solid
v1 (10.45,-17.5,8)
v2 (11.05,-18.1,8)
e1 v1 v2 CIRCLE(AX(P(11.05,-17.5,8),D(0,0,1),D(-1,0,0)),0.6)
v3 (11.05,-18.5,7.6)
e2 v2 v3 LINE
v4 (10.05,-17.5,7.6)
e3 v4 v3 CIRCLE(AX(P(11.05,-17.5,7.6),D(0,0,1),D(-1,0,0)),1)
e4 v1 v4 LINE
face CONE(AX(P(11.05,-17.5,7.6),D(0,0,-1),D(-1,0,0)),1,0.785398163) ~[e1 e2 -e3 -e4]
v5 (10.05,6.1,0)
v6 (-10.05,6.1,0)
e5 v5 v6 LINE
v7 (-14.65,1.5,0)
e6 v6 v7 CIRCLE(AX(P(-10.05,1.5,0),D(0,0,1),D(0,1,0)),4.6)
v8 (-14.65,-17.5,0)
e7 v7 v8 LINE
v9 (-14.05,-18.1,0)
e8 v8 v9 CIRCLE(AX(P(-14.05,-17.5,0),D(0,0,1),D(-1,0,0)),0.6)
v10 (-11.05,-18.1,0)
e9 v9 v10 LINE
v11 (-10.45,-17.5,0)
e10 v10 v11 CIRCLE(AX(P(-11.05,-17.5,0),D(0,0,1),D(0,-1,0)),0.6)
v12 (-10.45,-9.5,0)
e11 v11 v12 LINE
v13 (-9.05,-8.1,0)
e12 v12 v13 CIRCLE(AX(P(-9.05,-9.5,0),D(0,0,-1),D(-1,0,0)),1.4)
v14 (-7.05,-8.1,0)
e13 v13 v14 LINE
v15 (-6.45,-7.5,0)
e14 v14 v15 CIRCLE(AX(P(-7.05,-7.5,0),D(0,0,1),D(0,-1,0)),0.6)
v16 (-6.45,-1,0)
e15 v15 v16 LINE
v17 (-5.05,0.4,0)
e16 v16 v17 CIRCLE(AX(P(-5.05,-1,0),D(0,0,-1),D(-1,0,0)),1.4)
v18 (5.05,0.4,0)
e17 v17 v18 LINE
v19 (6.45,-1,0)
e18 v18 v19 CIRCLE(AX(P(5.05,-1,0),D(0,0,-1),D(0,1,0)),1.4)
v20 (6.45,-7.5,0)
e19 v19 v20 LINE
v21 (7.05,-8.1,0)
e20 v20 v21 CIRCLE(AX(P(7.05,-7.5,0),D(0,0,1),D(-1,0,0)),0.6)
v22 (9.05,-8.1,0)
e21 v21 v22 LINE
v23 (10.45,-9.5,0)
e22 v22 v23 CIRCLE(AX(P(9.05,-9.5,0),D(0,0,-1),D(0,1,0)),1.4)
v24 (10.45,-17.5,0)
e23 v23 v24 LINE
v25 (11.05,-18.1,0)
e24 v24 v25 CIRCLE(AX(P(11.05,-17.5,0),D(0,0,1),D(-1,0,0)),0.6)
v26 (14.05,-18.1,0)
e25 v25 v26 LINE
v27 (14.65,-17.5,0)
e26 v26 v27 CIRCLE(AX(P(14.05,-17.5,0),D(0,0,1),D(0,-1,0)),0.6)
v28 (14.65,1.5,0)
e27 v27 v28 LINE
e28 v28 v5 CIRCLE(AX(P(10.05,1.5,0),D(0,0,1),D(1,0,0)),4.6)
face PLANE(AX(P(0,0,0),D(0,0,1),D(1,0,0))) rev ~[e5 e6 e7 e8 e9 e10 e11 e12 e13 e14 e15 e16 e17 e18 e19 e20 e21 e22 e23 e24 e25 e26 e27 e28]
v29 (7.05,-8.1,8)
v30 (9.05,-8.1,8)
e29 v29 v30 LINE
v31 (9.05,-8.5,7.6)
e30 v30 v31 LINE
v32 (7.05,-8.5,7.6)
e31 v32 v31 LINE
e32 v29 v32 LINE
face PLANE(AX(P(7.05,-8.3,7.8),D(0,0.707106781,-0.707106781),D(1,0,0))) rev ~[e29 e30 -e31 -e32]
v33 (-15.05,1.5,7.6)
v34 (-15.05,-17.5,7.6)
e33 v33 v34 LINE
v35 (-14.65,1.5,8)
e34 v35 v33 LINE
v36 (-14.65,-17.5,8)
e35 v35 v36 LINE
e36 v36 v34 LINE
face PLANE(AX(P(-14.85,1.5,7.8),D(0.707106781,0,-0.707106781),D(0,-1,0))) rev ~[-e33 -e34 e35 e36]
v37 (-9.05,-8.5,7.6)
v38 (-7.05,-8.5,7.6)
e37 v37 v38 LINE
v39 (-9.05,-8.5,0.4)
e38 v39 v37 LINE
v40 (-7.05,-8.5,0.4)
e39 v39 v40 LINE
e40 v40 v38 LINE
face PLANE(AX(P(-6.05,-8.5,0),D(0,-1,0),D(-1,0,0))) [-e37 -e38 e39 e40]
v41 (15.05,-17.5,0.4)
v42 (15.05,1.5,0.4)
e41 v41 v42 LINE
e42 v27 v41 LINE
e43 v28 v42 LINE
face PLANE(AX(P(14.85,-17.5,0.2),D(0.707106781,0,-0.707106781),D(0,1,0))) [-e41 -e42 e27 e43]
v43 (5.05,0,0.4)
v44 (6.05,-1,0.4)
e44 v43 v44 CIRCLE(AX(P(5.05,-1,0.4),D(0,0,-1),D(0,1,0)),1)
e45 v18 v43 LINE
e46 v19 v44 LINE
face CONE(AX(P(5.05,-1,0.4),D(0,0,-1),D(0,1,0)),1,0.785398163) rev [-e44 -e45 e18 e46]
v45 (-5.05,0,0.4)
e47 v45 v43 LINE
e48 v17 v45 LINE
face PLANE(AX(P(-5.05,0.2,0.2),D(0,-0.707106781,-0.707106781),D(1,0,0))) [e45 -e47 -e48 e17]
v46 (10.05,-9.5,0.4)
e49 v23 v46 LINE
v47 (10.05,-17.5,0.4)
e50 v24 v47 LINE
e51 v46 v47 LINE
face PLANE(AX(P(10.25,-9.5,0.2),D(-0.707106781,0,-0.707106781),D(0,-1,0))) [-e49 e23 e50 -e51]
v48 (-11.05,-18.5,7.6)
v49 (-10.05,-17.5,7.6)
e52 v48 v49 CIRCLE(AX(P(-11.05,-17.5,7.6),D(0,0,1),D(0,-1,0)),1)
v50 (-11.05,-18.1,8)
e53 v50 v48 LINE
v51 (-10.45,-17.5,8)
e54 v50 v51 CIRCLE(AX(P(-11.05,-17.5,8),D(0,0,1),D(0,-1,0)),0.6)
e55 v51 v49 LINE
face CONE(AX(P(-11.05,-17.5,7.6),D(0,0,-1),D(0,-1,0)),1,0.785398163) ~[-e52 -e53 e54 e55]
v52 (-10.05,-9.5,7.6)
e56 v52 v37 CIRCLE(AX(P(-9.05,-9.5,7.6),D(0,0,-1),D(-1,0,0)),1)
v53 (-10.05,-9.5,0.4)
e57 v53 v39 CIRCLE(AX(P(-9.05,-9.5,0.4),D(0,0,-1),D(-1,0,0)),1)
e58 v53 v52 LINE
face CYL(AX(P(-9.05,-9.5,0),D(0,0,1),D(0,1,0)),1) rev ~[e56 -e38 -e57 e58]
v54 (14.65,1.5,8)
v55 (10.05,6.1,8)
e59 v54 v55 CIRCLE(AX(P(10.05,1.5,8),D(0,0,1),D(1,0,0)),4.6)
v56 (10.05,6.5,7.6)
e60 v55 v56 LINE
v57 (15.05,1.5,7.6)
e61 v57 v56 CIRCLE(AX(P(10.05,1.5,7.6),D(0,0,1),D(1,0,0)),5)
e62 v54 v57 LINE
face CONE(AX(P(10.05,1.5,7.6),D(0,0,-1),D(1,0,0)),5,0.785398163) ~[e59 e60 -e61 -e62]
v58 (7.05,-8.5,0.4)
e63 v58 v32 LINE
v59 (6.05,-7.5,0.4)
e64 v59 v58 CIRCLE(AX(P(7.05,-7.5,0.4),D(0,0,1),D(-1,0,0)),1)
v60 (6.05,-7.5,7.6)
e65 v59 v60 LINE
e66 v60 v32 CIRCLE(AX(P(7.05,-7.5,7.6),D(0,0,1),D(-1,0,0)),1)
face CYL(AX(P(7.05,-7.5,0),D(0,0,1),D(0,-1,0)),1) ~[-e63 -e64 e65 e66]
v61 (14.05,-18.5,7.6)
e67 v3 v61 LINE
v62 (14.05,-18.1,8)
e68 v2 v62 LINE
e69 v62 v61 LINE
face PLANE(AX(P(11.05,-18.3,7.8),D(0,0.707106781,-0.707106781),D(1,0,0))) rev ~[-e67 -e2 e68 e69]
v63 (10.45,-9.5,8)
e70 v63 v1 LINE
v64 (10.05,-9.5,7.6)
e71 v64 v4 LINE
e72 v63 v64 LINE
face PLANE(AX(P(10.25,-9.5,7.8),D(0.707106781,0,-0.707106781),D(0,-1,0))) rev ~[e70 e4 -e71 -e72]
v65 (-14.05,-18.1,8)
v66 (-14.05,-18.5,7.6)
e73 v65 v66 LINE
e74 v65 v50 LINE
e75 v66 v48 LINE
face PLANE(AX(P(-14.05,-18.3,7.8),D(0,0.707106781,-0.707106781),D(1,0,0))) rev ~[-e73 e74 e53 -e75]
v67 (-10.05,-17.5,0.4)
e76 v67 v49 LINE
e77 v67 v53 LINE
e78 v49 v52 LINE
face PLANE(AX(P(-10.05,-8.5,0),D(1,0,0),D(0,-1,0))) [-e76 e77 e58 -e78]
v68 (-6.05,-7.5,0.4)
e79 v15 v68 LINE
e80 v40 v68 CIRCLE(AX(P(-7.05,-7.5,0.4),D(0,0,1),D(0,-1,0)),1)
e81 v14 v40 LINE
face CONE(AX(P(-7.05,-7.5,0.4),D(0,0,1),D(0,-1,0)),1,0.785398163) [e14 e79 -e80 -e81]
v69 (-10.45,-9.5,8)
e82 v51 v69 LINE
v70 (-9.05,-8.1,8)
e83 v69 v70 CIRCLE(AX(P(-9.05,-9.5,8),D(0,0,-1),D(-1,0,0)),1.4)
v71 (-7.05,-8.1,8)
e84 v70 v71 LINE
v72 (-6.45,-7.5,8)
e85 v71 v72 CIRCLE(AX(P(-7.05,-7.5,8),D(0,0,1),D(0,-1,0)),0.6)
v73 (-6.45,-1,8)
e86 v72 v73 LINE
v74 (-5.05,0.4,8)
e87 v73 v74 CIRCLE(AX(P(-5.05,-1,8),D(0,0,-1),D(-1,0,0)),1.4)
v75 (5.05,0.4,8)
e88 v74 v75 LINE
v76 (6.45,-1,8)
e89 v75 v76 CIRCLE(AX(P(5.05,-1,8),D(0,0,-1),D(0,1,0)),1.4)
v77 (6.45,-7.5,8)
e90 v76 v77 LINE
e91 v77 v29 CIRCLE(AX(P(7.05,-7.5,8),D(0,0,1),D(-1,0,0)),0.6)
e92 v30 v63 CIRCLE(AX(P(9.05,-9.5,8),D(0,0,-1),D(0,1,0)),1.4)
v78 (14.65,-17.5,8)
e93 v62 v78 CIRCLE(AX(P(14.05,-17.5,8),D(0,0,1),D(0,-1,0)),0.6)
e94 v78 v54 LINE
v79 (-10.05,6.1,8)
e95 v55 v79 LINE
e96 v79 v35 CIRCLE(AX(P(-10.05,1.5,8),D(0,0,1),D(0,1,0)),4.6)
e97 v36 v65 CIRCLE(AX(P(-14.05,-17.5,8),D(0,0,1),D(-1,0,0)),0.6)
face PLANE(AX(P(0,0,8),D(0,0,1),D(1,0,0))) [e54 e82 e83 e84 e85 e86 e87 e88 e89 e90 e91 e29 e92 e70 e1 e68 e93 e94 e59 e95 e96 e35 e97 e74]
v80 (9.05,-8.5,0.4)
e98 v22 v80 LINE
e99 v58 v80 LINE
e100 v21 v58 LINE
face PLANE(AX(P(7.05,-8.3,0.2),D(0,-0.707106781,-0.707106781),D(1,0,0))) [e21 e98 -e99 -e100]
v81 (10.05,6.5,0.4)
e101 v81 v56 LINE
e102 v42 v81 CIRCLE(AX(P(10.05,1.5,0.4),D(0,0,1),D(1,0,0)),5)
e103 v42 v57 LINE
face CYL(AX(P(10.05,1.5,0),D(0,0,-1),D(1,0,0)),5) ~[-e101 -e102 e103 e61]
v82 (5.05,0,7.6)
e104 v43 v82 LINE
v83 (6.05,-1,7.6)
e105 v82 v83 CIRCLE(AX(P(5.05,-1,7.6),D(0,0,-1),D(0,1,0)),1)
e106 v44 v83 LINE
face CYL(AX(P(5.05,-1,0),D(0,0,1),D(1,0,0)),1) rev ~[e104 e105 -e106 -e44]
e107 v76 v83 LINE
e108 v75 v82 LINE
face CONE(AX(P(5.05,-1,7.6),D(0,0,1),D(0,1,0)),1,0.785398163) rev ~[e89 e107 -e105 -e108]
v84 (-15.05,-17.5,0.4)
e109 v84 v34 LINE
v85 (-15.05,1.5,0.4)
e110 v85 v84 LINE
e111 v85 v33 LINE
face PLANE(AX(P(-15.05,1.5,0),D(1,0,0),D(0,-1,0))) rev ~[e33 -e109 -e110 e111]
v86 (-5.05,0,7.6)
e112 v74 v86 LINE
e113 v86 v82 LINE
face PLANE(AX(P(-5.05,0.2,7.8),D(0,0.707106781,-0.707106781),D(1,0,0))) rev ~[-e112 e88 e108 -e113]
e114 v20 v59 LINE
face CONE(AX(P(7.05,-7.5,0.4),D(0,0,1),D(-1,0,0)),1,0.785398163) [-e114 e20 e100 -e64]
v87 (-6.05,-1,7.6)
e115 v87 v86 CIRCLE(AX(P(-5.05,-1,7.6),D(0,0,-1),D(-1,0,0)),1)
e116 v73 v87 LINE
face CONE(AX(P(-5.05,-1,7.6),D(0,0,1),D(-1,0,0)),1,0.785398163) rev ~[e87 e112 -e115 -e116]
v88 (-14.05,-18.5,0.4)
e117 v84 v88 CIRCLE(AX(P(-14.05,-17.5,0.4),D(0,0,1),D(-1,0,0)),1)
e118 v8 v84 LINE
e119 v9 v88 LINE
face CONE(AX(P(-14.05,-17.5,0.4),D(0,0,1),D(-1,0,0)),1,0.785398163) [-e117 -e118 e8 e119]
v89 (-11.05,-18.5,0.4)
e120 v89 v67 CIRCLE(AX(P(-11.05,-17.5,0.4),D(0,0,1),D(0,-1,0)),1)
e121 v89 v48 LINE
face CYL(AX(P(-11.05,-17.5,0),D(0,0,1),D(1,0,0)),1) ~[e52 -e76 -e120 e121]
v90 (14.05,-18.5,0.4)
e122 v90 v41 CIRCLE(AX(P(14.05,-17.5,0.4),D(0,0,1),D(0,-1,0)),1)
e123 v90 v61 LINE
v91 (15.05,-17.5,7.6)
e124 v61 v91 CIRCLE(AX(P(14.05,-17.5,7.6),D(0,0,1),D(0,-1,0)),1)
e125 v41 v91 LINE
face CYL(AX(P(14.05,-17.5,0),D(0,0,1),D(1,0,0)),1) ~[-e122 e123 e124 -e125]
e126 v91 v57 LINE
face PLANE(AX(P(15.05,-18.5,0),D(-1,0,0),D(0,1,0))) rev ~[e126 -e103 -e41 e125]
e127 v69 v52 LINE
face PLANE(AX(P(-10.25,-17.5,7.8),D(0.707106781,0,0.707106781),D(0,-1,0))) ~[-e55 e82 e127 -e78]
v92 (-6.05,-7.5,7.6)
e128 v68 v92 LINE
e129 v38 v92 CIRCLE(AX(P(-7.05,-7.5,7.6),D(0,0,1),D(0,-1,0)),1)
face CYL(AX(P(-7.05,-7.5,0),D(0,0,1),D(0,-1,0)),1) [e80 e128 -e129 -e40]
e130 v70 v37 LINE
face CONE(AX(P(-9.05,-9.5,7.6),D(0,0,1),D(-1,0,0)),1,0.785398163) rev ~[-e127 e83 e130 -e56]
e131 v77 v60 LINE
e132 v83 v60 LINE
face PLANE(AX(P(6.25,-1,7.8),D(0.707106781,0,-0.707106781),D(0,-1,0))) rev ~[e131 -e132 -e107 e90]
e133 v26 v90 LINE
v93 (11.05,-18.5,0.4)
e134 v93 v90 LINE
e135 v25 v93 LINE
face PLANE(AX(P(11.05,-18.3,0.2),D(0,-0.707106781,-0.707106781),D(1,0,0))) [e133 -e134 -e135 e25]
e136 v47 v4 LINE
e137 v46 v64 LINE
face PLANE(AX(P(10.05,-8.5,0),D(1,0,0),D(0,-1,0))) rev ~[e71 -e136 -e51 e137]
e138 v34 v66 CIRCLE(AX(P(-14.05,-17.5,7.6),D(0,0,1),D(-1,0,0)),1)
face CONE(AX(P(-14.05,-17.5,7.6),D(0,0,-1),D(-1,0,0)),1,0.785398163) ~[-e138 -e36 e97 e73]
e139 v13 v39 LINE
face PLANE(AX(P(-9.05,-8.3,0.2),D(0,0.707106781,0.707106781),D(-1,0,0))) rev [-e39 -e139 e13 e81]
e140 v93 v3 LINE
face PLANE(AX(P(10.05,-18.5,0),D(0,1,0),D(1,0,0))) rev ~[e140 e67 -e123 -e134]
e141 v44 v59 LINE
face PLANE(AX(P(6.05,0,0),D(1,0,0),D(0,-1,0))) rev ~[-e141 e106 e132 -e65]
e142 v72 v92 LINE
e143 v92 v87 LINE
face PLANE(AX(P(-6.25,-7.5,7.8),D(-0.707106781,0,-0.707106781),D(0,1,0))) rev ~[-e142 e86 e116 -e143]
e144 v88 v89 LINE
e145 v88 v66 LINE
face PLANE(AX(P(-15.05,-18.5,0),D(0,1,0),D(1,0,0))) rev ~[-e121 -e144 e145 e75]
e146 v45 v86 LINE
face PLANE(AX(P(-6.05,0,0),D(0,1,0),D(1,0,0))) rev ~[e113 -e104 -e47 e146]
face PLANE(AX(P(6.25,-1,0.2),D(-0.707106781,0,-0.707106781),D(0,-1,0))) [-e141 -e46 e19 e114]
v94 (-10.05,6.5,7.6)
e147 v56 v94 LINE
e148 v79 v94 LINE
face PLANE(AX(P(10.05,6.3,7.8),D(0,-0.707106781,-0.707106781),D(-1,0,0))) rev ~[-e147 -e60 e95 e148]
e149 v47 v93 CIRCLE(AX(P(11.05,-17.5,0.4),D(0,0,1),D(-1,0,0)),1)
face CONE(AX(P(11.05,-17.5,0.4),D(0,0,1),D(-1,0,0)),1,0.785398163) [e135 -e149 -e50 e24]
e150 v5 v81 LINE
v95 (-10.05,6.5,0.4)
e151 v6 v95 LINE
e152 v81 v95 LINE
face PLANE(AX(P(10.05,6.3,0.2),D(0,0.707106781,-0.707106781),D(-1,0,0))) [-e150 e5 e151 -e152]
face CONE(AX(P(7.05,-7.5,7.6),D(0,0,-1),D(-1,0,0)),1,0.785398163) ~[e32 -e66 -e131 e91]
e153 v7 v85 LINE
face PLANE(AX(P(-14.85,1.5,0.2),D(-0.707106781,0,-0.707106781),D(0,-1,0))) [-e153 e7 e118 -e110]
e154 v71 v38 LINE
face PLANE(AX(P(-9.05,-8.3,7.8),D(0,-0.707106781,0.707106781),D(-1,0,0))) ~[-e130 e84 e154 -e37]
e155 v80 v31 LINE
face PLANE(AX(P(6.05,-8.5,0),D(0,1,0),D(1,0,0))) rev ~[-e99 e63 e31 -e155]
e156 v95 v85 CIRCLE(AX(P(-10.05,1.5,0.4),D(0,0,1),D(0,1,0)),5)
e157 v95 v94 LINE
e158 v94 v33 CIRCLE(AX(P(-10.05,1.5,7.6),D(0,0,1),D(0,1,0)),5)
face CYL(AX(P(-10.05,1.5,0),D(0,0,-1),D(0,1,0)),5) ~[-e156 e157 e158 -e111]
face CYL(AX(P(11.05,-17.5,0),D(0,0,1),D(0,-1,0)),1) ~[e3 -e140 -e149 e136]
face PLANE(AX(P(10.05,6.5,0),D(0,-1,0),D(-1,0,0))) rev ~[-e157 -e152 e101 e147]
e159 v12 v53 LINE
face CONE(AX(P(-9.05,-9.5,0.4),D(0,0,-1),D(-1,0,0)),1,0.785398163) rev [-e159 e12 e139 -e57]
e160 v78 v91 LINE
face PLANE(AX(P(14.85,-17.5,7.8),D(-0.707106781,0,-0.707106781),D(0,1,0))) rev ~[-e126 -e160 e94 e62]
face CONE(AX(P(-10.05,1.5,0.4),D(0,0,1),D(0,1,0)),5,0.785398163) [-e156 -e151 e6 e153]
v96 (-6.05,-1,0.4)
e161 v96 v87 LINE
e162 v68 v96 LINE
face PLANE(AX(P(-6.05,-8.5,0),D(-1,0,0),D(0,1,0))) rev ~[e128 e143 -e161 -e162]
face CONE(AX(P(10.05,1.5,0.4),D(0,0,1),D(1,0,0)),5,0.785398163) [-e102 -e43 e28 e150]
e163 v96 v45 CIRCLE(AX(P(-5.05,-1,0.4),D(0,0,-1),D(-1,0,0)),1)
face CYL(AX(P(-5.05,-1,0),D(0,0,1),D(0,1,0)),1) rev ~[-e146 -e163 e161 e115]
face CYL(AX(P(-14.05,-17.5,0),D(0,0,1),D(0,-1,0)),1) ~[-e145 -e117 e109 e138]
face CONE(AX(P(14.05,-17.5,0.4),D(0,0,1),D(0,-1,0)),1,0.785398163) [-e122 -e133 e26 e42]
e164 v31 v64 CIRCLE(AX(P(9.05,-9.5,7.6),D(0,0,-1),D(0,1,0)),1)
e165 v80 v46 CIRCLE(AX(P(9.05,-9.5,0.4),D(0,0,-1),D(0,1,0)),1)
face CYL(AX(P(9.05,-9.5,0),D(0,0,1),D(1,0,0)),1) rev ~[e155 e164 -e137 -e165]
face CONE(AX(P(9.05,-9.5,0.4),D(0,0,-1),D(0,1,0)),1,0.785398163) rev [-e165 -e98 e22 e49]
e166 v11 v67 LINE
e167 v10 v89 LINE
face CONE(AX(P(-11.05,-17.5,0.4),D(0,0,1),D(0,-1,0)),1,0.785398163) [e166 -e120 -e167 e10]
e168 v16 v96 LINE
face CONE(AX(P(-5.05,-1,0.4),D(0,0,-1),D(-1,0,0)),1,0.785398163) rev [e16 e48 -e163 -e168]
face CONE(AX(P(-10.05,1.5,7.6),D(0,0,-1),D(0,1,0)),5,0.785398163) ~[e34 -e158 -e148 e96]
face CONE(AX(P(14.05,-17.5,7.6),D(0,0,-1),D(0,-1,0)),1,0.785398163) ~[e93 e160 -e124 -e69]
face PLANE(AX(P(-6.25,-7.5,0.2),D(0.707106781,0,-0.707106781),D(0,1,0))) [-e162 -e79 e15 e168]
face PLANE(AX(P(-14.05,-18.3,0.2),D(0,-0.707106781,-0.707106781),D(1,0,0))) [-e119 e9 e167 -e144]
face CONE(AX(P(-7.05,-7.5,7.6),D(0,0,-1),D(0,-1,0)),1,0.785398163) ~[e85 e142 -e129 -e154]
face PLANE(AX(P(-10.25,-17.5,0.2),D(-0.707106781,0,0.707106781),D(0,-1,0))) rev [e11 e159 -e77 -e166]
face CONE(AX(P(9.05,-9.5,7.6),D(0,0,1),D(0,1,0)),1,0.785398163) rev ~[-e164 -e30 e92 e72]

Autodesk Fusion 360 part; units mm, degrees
sketch "Sketch1" plane through (0, 0, 0) normal (0, 0, 1) x (1, 0, 0)
  line L0 (-6.05, -8.5) -> (-6.05, 0)
  line L1 (-6.05, 0) -> (6.05, 0)
  line L2 (6.05, 0) -> (6.05, -8.5)
  line L3 (6.05, -8.5) -> (10.05, -8.5)
  line L4 (10.05, -8.5) -> (10.05, -18.5)
  line L5 (-6.05, -8.5) -> (-10.05, -8.5)
  line L6 (-10.05, -8.5) -> (-10.05, -18.5)
  line L7 (10.05, -18.5) -> (15.05, -18.5)
  line L8 (15.05, -18.5) -> (15.05, 6.5)
  line L9 (15.05, 6.5) -> (-15.05, 6.5)
  line L10 (-15.05, 6.5) -> (-15.05, -18.5)
  line L11 (-15.05, -18.5) -> (-10.05, -18.5)
  arc A0 (-10.05, 6.5) -> (-15.05, 1.5) centre (-10.05, 1.5) ccw
  arc A1 (15.05, 1.5) -> (10.05, 6.5) centre (10.05, 1.5) ccw
  line L12 (-10.05, -18.5) -> (10.05, -18.5) construction
  point P0 (0, -18.5)
  dimension "d1" = 12.1
  dimension "d2" = 8.5
  dimension "d3" = 20.1
  dimension "d4" = 10
  dimension "d5" = 5
  dimension "d6" = 25
  dimension "d7" = 5
  dimension "d8" = 5
extrude "Extrude1" add sketch "Sketch1" along normal blind 8 contours L0 L1 L2 L3 L4 L5 L6 L7 L8 L9 L10 L11 A0 A1
fillet "Fillet1" radius 1 10 edges at (6.05, 0, 4) (-6.05, 0, 4) (-6.05, -8.5, 4) (-10.05, -8.5, 4) (-10.05, -18.5, 4) (-15.05, -18.5, 4) (6.05, -8.5, 4) (10.05, -8.5, 4) (10.05, -18.5, 4) (15.05, -18.5, 4)
chamfer "Chamfer1" distance 0.4 angle 45 48 edges at (12.55, -18.5, 0) (14.7571, -18.2071, 0) (15.05, -8, 0) (13.5855, 5.0355, 0) (0, 6.5, 0) (-13.5855, 5.0355, 0) (-15.05, -8, 0) (-14.7571, -18.2071, 0) (-12.55, -18.5, 0) (-10.3429, -18.2071, 0) (-10.05, -13.5, 0) (-9.7571, -8.7929, 0) (-8.05, -8.5, 0) (-6.3429, -8.2071, 0) (-6.05, -4.25, 0) (-5.7571, -0.2929, 0) (0, 0, 0) (5.7571, -0.2929, 0) (6.05, -4.25, 0) (6.3429, -8.2071, 0) (8.05, -8.5, 0) (9.7571, -8.7929, 0) (10.05, -13.5, 0) (10.3429, -18.2071, 0) (12.55, -18.5, 8) (14.7571, -18.2071, 8) (15.05, -8, 8) (13.5855, 5.0355, 8) (0, 6.5, 8) (-13.5855, 5.0355, 8) (-15.05, -8, 8) (-14.7571, -18.2071, 8) (-12.55, -18.5, 8) (-10.3429, -18.2071, 8) (-10.05, -13.5, 8) (-9.7571, -8.7929, 8) (-8.05, -8.5, 8) (-6.3429, -8.2071, 8) (-6.05, -4.25, 8) (-5.7571, -0.2929, 8) (0, 0, 8) (5.7571, -0.2929, 8) (6.05, -4.25, 8) (6.3429, -8.2071, 8) (8.05, -8.5, 8) (9.7571, -8.7929, 8) (10.05, -13.5, 8) (10.3429, -18.2071, 8)
